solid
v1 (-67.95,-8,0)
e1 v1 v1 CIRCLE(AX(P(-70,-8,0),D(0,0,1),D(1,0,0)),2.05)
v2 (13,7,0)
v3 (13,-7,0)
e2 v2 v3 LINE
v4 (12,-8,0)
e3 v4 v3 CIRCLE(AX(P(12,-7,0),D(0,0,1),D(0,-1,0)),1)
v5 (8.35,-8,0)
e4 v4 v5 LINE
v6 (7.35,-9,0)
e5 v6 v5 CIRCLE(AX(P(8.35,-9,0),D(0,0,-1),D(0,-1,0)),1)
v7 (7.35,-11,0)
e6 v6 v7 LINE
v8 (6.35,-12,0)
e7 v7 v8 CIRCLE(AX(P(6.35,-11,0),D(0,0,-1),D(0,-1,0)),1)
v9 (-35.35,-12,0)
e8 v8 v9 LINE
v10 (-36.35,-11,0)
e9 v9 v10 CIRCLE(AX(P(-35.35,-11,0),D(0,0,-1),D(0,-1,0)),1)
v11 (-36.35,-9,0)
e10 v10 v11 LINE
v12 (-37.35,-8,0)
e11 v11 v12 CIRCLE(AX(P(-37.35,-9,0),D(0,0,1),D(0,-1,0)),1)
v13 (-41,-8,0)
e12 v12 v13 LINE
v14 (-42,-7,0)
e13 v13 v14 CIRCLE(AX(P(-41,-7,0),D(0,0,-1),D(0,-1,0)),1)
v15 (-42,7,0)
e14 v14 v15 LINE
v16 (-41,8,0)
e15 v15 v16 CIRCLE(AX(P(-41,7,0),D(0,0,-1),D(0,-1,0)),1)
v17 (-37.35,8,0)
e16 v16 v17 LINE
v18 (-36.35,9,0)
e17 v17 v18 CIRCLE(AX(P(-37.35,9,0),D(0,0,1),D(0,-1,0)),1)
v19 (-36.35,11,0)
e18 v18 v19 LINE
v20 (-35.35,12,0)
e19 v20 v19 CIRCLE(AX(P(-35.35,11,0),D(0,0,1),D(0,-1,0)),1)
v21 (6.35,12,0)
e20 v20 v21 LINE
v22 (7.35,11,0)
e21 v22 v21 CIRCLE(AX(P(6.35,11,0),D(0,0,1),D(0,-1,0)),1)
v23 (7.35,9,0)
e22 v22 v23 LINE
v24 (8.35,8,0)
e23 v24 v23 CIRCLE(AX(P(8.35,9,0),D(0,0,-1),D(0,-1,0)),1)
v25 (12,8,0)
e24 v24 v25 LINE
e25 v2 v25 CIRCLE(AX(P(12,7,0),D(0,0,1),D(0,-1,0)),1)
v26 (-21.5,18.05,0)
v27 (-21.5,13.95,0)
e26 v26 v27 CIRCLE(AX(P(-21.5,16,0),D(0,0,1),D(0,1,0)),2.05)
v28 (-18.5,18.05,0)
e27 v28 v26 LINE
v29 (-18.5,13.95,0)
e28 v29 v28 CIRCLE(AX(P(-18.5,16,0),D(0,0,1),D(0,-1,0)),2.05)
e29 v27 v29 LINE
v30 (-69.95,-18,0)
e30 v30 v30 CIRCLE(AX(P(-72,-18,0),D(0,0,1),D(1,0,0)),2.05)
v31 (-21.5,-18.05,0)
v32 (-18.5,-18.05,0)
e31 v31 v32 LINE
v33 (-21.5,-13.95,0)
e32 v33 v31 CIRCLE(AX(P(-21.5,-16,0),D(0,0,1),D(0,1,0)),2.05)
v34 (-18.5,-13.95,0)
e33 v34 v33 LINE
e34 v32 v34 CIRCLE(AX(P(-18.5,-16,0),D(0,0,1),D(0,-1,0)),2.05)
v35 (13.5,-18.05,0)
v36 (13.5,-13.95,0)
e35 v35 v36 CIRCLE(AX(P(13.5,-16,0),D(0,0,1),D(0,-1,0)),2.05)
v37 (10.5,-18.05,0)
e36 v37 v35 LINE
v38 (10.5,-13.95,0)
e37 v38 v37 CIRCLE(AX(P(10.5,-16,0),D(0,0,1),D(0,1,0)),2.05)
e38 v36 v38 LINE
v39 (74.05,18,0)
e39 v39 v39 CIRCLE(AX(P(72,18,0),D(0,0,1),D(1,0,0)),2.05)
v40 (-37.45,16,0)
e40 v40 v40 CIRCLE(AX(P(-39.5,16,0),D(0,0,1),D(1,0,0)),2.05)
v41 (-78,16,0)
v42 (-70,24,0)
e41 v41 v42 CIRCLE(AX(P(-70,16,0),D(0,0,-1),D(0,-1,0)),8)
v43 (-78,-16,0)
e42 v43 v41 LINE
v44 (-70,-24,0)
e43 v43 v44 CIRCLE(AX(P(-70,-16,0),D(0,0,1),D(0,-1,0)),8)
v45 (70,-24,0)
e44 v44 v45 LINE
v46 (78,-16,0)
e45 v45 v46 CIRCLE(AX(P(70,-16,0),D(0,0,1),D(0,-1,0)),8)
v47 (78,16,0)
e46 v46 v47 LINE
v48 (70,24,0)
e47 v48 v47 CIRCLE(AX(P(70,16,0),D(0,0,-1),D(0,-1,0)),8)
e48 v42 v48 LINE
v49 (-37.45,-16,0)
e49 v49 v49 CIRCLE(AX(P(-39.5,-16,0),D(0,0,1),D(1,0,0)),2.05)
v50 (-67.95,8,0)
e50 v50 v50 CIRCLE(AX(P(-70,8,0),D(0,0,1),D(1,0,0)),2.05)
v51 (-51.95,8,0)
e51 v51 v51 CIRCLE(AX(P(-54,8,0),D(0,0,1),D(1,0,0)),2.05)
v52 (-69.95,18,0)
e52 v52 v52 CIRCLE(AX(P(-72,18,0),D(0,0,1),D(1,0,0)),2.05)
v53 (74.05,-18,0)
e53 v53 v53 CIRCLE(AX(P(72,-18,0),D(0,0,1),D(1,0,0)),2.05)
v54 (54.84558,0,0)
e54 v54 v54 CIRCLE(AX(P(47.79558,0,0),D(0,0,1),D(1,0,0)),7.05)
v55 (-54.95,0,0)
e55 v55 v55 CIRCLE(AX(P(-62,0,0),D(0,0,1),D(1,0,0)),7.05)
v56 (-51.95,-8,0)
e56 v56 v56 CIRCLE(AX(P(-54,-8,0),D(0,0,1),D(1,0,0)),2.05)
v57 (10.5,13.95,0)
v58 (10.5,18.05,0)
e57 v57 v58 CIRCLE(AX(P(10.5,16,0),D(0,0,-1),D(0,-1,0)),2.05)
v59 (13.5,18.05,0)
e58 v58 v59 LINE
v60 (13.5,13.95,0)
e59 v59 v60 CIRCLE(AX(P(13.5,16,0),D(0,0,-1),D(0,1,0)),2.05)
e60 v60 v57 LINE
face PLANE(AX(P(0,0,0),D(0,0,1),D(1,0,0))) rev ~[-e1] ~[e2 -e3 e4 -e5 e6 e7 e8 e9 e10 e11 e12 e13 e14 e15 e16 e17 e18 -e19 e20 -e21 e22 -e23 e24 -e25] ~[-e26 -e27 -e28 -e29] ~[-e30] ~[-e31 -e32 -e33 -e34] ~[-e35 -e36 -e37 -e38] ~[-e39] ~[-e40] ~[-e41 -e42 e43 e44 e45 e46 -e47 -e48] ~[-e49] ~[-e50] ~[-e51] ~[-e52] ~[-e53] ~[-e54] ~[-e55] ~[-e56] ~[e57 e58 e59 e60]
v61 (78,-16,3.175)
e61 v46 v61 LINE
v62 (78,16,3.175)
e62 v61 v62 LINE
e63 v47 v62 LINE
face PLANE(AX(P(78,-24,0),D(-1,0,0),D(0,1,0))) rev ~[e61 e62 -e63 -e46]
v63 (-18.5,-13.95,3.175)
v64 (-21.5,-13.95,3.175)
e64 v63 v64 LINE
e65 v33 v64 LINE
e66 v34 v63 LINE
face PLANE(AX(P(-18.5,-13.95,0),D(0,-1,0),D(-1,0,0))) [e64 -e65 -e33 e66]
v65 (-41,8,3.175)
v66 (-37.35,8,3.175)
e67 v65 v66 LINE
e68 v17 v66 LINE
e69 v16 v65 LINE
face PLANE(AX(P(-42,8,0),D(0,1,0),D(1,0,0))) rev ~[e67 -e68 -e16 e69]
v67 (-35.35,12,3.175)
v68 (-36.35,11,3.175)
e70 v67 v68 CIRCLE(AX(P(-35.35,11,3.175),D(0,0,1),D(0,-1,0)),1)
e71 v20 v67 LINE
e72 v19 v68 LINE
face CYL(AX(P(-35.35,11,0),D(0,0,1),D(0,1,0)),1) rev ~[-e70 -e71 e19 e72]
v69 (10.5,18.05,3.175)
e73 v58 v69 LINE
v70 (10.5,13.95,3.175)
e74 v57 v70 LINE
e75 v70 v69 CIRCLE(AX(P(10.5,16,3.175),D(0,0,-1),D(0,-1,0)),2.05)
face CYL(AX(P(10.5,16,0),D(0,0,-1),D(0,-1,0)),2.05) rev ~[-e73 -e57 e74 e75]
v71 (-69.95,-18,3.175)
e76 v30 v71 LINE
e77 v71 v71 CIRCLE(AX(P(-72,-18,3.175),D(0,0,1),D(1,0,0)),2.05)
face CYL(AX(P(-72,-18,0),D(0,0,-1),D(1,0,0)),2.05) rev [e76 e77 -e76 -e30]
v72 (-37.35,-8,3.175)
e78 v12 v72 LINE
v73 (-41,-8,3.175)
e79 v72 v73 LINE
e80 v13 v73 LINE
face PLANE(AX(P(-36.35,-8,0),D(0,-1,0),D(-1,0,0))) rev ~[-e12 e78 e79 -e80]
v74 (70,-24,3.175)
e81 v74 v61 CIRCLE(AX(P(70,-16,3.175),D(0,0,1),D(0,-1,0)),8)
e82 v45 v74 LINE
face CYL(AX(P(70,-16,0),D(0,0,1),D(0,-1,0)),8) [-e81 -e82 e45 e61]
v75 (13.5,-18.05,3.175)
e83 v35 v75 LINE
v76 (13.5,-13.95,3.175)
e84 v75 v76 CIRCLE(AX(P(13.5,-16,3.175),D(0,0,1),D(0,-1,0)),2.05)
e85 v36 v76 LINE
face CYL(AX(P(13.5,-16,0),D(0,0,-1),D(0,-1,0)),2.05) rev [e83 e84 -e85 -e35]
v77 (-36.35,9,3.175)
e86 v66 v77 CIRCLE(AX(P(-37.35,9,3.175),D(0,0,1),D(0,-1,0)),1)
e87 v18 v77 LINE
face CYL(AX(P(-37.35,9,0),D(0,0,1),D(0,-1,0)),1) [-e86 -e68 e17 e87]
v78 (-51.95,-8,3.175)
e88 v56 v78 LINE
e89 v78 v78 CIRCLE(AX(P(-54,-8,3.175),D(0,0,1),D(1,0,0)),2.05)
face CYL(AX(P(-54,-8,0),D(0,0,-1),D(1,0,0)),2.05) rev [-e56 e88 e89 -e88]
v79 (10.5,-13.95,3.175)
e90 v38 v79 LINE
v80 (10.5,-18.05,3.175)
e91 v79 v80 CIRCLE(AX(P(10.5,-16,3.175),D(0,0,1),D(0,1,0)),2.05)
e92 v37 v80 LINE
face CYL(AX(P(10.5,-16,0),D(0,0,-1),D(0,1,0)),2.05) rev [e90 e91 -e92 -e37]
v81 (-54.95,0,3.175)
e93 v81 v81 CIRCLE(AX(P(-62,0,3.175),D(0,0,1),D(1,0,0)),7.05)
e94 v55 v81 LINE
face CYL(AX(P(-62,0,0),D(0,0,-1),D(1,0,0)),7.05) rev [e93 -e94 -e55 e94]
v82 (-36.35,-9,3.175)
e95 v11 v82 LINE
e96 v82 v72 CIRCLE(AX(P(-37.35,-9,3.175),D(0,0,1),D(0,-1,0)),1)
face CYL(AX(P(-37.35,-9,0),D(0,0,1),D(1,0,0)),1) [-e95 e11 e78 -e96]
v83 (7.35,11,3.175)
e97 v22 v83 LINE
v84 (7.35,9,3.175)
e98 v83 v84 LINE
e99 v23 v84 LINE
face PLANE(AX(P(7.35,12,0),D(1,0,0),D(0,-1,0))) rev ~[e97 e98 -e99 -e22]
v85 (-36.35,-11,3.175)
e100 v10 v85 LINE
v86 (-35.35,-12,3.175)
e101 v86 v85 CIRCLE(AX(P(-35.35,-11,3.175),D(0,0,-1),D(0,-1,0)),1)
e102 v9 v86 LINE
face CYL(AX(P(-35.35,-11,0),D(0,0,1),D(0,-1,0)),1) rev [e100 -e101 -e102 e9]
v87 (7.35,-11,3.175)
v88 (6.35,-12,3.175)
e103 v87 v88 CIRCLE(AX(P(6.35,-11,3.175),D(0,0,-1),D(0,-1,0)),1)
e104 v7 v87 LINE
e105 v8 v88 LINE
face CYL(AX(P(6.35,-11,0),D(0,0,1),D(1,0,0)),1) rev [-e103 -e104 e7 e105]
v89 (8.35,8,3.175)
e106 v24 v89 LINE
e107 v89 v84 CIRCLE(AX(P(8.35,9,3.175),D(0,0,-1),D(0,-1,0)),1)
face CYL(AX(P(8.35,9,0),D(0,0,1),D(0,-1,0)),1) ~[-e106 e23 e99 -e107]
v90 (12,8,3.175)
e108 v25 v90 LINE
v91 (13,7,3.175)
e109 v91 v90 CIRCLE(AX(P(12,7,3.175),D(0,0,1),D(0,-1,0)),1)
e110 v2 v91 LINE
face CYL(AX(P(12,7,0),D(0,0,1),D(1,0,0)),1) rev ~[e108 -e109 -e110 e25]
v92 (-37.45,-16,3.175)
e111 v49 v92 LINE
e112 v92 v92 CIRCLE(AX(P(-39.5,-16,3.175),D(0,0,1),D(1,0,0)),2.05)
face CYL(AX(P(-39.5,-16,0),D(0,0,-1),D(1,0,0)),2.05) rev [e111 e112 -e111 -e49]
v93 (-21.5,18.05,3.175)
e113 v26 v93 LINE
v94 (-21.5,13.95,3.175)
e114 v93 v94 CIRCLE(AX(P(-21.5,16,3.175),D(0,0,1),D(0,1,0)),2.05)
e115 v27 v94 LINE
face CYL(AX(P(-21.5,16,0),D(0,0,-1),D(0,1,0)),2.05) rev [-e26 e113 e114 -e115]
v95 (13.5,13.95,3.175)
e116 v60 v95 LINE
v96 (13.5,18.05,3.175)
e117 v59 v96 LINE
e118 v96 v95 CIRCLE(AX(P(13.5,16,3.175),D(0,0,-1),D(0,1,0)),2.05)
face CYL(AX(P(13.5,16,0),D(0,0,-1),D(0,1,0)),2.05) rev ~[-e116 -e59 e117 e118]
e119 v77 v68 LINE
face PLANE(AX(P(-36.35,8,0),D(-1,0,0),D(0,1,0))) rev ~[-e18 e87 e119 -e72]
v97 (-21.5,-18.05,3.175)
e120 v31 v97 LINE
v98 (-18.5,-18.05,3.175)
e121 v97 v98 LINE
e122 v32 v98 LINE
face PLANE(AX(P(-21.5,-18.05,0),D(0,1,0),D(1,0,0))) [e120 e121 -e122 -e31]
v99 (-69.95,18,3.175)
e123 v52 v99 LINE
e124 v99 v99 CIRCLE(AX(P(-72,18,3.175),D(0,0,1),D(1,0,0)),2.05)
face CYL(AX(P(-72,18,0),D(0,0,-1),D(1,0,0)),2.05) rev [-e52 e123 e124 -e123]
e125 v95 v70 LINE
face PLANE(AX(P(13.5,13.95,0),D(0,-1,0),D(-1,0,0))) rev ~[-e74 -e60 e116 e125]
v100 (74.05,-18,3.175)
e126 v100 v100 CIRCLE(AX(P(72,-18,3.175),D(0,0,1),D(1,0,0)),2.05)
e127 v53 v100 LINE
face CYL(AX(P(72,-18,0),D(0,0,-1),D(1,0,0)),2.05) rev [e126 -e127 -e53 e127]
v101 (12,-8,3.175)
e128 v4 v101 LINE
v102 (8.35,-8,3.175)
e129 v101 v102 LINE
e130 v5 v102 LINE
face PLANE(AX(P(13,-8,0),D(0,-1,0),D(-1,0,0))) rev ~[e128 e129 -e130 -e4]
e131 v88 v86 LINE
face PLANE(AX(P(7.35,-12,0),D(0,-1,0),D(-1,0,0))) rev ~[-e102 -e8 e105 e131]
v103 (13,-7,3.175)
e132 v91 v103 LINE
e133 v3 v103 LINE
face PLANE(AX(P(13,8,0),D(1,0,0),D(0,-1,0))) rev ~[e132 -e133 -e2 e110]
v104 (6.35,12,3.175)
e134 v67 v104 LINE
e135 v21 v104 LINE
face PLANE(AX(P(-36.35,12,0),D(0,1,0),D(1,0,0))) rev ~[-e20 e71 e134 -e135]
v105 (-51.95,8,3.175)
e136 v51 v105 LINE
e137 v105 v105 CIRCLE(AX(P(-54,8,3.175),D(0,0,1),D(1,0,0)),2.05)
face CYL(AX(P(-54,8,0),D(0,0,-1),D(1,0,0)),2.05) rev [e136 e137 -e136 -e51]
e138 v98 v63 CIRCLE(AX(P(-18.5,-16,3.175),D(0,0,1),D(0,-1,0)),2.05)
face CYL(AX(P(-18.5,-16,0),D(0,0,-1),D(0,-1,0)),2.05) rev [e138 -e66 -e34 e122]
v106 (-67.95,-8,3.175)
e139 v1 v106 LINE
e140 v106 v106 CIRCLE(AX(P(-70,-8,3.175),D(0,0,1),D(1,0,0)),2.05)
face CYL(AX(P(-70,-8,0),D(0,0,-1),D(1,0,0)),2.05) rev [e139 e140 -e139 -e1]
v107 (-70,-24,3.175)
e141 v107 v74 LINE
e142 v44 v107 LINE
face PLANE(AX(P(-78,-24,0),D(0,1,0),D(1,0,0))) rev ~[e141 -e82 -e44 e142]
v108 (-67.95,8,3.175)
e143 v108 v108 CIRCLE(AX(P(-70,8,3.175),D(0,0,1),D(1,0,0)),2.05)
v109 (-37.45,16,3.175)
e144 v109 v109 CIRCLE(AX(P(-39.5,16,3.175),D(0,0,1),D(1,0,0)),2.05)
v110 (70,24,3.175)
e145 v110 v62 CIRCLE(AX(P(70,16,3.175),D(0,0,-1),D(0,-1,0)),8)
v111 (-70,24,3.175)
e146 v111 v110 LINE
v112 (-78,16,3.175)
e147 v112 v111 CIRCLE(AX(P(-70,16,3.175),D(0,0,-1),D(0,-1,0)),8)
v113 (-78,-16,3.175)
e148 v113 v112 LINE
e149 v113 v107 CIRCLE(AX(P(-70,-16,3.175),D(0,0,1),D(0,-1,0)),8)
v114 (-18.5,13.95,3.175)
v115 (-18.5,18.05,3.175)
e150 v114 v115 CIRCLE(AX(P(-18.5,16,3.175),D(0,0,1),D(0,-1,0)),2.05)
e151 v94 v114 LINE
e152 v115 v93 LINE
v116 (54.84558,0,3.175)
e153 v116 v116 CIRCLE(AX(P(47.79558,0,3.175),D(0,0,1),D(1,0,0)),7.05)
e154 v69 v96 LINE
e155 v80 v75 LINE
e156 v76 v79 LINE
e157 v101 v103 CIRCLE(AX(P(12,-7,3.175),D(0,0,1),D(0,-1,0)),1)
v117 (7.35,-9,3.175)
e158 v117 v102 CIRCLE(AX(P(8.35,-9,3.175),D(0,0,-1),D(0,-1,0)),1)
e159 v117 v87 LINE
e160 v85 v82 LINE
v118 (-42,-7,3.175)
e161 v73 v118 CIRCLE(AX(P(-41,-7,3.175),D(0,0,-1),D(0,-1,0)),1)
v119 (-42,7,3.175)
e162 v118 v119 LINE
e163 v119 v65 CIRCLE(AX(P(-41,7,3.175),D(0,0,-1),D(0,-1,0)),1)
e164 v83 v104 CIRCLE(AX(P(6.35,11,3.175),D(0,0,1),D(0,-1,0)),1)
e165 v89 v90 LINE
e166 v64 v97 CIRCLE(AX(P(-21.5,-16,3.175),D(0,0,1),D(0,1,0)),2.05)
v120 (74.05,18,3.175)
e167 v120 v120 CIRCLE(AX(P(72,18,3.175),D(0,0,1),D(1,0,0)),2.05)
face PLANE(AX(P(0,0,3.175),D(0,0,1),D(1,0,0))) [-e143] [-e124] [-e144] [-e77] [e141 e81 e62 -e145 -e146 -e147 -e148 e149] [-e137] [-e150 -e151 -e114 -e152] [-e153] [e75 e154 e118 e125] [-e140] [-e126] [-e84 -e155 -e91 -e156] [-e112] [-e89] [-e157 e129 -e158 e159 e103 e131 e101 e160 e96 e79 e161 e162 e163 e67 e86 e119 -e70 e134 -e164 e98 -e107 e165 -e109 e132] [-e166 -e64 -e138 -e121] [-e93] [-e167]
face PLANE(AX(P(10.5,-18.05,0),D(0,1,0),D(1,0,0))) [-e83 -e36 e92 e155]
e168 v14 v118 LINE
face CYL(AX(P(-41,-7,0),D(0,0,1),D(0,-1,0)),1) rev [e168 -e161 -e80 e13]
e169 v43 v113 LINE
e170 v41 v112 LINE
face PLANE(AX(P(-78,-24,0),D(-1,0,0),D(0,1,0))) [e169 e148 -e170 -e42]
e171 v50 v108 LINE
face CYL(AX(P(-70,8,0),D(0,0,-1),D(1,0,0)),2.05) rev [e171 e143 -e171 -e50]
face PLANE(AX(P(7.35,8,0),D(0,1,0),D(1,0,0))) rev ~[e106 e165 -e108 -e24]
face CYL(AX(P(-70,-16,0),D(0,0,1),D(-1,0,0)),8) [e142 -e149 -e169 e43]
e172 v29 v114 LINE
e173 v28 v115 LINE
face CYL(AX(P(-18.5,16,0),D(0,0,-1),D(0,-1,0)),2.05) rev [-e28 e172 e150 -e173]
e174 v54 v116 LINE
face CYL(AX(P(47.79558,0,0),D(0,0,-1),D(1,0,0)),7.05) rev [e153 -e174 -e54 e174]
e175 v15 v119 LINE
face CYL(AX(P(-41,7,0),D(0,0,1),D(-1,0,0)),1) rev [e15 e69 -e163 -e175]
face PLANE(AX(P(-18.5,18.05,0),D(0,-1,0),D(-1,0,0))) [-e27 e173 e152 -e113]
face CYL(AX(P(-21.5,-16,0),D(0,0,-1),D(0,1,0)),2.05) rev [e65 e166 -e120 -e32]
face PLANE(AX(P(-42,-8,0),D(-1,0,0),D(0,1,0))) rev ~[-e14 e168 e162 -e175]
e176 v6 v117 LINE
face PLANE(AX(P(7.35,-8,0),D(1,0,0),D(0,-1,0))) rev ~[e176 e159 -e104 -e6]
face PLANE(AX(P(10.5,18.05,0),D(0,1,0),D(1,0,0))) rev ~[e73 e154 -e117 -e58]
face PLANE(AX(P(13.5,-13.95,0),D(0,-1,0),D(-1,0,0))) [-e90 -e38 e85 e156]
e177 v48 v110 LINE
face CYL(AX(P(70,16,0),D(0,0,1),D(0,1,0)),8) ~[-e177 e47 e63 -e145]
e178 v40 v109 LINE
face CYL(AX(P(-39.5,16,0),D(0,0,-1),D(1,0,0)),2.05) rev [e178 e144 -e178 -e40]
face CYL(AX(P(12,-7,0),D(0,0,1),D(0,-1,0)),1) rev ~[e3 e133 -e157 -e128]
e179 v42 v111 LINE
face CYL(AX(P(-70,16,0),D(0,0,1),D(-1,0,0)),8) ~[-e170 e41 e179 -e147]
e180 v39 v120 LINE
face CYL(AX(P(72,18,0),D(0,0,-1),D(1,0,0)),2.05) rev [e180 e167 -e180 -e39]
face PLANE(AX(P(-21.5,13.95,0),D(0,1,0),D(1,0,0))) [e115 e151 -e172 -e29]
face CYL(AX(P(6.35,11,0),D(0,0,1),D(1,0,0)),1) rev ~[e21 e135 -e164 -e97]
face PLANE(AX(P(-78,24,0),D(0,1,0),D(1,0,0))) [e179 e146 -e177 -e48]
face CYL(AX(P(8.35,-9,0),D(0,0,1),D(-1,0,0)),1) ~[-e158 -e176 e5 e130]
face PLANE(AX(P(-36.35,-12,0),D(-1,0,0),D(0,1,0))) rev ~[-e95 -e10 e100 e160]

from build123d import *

# Parameters (mm, degrees)
SKETCH2_W           = 156
SKETCH2_H           = 48
SKETCH2_R           = 2.05
SKETCH2_R_2         = 7.05
BOSS_EXTRUDE2_DEPTH = 3.175
FILLET1_R           = 8
FILLET2_R           = 1


with BuildPart() as part:
    # Sketch2 → Boss-Extrude2 (new body)
    with BuildSketch(Plane.XY):
        Rectangle(SKETCH2_W, SKETCH2_H)
        with Locations((-70, 8)):
            Circle(SKETCH2_R, mode=Mode.SUBTRACT)
        with Locations((-54, 8)):
            Circle(SKETCH2_R, mode=Mode.SUBTRACT)
        with Locations((-54, -8)):
            Circle(SKETCH2_R, mode=Mode.SUBTRACT)
        with Locations((-70, -8)):
            Circle(SKETCH2_R, mode=Mode.SUBTRACT)
        with Locations((-39.5, 16)):
            Circle(SKETCH2_R, mode=Mode.SUBTRACT)
        with Locations((-39.5, -16)):
            Circle(SKETCH2_R, mode=Mode.SUBTRACT)
        with Locations((47.795580316, 0)):
            Circle(SKETCH2_R_2, mode=Mode.SUBTRACT)
        with Locations((-62, 0)):
            Circle(SKETCH2_R_2, mode=Mode.SUBTRACT)
        with Locations((72, 18)):
            Circle(SKETCH2_R, mode=Mode.SUBTRACT)
        with Locations((72, -18)):
            Circle(SKETCH2_R, mode=Mode.SUBTRACT)
        with Locations((-72, -18)):
            Circle(SKETCH2_R, mode=Mode.SUBTRACT)
        with Locations((-72, 18)):
            Circle(SKETCH2_R, mode=Mode.SUBTRACT)
        Polygon((7.35, -12), (-36.35, -12), (-36.35, -8), (-42, -8), (-42, 8), (-36.35, 8), (-36.35, 12), (7.35, 12), (7.35, 8), (13, 8), (13, -8), (7.35, -8), align=None, mode=Mode.SUBTRACT)
        with BuildLine():
            Line((10.5, 18.05), (13.5, 18.05))
            ThreePointArc((13.5, 18.05), (15.55, 16), (13.5, 13.95))
            Line((13.5, 13.95), (10.5, 13.95))
            ThreePointArc((10.5, 13.95), (8.45, 16), (10.5, 18.05))
        make_face(mode=Mode.SUBTRACT)
        with BuildLine():
            Line((-21.5, 13.95), (-18.5, 13.95))
            ThreePointArc((-18.5, 13.95), (-16.45, 16), (-18.5, 18.05))
            Line((-18.5, 18.05), (-21.5, 18.05))
            ThreePointArc((-21.5, 18.05), (-23.55, 16), (-21.5, 13.95))
        make_face(mode=Mode.SUBTRACT)
        with BuildLine():
            Line((-21.5, -18.05), (-18.5, -18.05))
            ThreePointArc((-18.5, -18.05), (-16.45, -16), (-18.5, -13.95))
            Line((-18.5, -13.95), (-21.5, -13.95))
            ThreePointArc((-21.5, -13.95), (-23.55, -16), (-21.5, -18.05))
        make_face(mode=Mode.SUBTRACT)
        with BuildLine():
            Line((10.5, -18.05), (13.5, -18.05))
            ThreePointArc((13.5, -18.05), (15.55, -16), (13.5, -13.95))
            Line((13.5, -13.95), (10.5, -13.95))
            ThreePointArc((10.5, -13.95), (8.45, -16), (10.5, -18.05))
        make_face(mode=Mode.SUBTRACT)
    extrude(amount=BOSS_EXTRUDE2_DEPTH)

    # Fillet1
    fillet1_edges = [part.edges().sort_by_distance(p)[0] for p in [
        (78, 24, 1.5875),
        (78, -24, 1.5875),
        (-78, -24, 1.5875),
        (-78, 24, 1.5875),
    ]]
    fillet(fillet1_edges, radius=FILLET1_R)

    # Fillet2
    fillet2_edges = [part.edges().sort_by_distance(p)[0] for p in [
        (7.35, 12, 1.5875),
        (-36.35, 12, 1.5875),
        (-36.35, 8, 1.5875),
        (-42, 8, 1.5875),
        (-42, -8, 1.5875),
        (-36.35, -8, 1.5875),
        (-36.35, -12, 1.5875),
        (7.35, -12, 1.5875),
        (7.35, -8, 1.5875),
        (13, -8, 1.5875),
        (13, 8, 1.5875),
        (7.35, 8, 1.5875),
    ]]
    fillet(fillet2_edges, radius=FILLET2_R)


solid = part.part
